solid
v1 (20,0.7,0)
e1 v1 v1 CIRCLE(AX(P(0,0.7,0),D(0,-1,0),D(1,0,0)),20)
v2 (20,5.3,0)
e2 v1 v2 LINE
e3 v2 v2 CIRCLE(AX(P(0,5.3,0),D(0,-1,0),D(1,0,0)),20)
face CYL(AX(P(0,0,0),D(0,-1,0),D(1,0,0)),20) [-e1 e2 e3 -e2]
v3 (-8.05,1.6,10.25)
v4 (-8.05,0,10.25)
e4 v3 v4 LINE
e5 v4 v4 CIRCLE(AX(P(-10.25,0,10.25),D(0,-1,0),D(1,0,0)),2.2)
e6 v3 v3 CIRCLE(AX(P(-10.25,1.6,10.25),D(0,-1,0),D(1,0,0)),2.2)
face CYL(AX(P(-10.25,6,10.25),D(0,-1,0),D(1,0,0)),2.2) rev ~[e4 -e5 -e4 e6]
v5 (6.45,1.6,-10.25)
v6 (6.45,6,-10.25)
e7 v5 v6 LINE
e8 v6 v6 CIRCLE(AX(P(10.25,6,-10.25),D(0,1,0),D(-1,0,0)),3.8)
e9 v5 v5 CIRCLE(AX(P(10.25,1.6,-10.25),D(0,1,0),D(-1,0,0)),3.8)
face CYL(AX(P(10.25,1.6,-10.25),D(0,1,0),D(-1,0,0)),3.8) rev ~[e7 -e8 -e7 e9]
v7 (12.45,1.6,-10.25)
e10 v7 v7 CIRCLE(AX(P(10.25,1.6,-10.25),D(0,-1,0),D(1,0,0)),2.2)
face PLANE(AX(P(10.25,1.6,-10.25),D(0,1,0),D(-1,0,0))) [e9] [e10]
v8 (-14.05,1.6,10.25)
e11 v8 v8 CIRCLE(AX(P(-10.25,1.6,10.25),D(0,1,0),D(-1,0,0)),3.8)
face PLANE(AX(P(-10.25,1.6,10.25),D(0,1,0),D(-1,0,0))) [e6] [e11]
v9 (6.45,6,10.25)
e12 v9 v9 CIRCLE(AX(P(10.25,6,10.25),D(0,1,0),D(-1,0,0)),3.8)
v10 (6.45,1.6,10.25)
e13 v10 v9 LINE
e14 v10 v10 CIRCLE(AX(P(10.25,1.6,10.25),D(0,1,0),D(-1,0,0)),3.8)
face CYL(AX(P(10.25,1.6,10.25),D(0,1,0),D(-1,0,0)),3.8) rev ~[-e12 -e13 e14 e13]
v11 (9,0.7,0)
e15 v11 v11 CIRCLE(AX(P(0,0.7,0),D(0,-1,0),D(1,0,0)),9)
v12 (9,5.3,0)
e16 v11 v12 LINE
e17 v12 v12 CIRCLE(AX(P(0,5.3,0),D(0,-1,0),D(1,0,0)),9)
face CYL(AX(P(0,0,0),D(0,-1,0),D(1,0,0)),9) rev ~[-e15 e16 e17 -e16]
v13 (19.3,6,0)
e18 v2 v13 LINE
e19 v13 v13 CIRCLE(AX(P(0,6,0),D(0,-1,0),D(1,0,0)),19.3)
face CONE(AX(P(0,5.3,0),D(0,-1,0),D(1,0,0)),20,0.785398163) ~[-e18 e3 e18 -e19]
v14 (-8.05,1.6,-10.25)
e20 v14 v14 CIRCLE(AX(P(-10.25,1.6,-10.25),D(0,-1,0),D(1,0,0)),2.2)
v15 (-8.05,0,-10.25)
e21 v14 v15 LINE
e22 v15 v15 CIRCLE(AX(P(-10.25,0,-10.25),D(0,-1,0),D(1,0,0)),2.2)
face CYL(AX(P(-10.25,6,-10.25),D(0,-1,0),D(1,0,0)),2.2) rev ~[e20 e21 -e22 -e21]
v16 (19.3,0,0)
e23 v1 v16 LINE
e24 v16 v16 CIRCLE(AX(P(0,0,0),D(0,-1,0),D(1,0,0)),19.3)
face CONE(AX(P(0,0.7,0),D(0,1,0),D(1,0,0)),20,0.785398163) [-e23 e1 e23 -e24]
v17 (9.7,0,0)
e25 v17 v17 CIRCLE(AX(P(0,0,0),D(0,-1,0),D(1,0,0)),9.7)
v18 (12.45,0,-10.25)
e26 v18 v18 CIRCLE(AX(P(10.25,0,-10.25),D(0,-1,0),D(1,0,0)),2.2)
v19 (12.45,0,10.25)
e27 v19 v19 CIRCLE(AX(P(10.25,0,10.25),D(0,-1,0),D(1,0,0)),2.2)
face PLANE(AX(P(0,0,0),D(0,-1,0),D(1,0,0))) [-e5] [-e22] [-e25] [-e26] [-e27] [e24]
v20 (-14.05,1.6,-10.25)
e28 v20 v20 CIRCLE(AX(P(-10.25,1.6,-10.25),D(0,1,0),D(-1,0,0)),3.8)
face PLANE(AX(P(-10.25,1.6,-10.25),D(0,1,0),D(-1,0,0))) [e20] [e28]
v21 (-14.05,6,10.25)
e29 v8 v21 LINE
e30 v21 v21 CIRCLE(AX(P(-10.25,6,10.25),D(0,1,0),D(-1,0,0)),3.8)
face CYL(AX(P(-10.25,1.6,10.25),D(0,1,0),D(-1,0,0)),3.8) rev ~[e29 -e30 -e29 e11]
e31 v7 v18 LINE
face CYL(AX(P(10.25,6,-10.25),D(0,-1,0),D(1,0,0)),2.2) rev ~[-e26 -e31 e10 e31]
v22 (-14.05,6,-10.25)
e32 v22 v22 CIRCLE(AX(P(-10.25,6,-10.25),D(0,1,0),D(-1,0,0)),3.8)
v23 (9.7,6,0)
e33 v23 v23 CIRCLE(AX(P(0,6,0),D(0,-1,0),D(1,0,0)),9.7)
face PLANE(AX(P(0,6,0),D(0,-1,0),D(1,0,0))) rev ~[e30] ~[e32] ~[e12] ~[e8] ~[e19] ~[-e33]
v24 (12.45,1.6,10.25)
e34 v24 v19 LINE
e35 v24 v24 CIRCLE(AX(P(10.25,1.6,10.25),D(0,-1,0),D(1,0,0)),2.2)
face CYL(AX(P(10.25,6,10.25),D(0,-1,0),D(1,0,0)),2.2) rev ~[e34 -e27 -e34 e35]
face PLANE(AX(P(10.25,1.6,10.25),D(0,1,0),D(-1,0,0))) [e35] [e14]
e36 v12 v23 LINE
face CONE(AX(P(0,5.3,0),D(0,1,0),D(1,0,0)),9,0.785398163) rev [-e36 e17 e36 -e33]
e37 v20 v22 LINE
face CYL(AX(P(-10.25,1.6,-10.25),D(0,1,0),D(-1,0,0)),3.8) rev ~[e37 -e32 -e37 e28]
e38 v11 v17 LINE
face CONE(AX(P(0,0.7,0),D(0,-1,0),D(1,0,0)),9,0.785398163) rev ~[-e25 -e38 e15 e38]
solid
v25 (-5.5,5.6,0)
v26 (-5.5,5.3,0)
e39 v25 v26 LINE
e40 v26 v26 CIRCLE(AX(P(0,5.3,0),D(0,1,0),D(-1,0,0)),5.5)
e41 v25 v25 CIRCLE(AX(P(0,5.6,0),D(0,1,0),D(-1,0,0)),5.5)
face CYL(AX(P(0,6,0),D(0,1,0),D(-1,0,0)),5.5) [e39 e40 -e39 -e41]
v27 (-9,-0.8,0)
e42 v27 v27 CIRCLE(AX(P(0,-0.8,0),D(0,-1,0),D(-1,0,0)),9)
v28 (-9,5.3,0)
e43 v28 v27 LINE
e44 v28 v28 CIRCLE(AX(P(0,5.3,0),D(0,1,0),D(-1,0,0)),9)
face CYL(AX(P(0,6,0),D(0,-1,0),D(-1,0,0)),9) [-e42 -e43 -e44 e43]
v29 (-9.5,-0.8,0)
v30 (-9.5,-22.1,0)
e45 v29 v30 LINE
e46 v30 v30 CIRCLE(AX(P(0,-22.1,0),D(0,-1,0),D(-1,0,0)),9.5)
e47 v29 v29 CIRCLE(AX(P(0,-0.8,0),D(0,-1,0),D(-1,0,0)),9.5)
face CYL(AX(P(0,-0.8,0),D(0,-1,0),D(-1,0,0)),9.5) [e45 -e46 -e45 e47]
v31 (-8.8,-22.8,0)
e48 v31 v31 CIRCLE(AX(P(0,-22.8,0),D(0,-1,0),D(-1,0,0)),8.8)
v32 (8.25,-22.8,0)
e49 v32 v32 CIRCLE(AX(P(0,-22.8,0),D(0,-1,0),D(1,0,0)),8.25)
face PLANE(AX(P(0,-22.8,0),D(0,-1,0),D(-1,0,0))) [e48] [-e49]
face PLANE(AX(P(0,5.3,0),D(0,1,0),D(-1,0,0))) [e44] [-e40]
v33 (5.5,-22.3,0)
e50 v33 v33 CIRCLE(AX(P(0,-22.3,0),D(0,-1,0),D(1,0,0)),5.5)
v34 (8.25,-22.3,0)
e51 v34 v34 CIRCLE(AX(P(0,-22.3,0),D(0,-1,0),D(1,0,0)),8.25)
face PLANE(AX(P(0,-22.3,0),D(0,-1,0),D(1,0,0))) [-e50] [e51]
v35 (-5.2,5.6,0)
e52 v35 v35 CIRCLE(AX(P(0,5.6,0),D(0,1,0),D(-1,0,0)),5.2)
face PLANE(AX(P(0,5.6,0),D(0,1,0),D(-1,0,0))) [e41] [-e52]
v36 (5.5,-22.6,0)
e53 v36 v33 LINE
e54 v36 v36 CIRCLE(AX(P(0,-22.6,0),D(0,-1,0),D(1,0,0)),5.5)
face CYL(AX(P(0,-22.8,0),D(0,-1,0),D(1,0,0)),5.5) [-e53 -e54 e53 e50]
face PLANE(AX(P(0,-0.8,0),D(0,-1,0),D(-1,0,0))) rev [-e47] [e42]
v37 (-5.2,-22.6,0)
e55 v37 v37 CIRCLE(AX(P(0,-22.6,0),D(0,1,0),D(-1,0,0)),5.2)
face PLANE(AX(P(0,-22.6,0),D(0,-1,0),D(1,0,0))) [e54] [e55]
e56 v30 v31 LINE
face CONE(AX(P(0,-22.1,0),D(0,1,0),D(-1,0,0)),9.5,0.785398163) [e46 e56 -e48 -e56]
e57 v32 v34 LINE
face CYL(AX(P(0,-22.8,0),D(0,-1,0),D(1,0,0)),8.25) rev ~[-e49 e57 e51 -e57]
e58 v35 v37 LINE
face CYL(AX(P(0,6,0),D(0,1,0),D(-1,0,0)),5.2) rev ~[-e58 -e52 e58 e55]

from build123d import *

# Parameters (mm, degrees)
F0_R           = 20
F0_R_2         = 9
F1_DEPTH       = 6
F4_SIZE        = 0.7
F6_D           = 4.4
F6_CBORE_D     = 7.6
F6_CBORE_DEPTH = 4.4
F7_SIZE        = 0.7
F8_R           = 9
F8_R_2         = 5.5
F9_DEPTH       = 0.7
F8_R_3         = 5.2
F10_DEPTH      = 0.4
F11_DEPTH      = 28.8
F12_R          = 8.25
F12_R_2        = 5.5
F13_DEPTH      = 0.5
F12_R_3        = 5.2
F14_DEPTH      = 0.2


with BuildPart() as f1:
    # F0 (on Front) → F1 (new body)
    with BuildSketch(Plane.XZ):
        Circle(F0_R)
        Circle(F0_R_2, mode=Mode.SUBTRACT)
    extrude(amount=-F1_DEPTH)

    # F4
    f4_edges = [f1.edges().sort_by_distance(p)[0] for p in [
        (20, 3, 0),
        (-20, 0, 0),
        (-20, 6, 0),
        (9, 3, 0),
        (-9, 0, 0),
        (-9, 6, 0),
    ]]
    chamfer(f4_edges, length=F4_SIZE)

    # F6 (through all)
    with Locations(Plane(origin=(0, 6, 0), x_dir=(-1, 0, 0), z_dir=(0, 1, 0))):
        with Locations((-10.25, 10.25), (10.25, 10.25), (10.25, -10.25), (-10.25, -10.25)):
            CounterBoreHole(F6_D / 2, F6_CBORE_D / 2, F6_CBORE_DEPTH)


with BuildPart() as f3:
    # F2 (on Top) → F3 (revolve)
    with BuildSketch(Plane.XY):
        Polygon((0, -22.8), (0, 6), (-9, 6), (-9, -0.8), (-9.5, -0.8), (-9.5, -22.8), align=None)
    revolve(axis=Axis((0, 15.3594217002, 0), (0, -1, 0)))

    # F7
    f7_edges = [f3.edges().sort_by_distance(p)[0] for p in [
        (9.5, -22.8, 0),
    ]]
    chamfer(f7_edges, length=F7_SIZE)

    # F8 (on face) → F9 (cut)
    with BuildSketch(Plane(origin=(0, 6, 0), x_dir=(-1, 0, 0), z_dir=(0, 1, 0))):
        Circle(F8_R)
        Circle(F8_R_2, mode=Mode.SUBTRACT)
    extrude(amount=-F9_DEPTH, mode=Mode.SUBTRACT)

    # F8 (on face) → F10 (cut)
    with BuildSketch(Plane(origin=(0, 6, 0), x_dir=(-1, 0, 0), z_dir=(0, 1, 0))):
        Circle(F8_R_2)
        Circle(F8_R_3, mode=Mode.SUBTRACT)
    extrude(amount=-F10_DEPTH, mode=Mode.SUBTRACT)

    # F8 (on face) → F11 (cut, through all)
    with BuildSketch(Plane(origin=(0, 6, 0), x_dir=(-1, 0, 0), z_dir=(0, 1, 0))):
        Circle(F8_R_3)
    extrude(amount=-F11_DEPTH, mode=Mode.SUBTRACT)

    # F12 (on face) → F13 (cut)
    with BuildSketch(Plane.XZ.offset(22.8)):
        Circle(F12_R)
        Circle(F12_R_2, mode=Mode.SUBTRACT)
    extrude(amount=-F13_DEPTH, mode=Mode.SUBTRACT)

    # F12 (on face) → F14 (cut)
    with BuildSketch(Plane.XZ.offset(22.8)):
        Circle(F12_R_2)
        Circle(F12_R_3, mode=Mode.SUBTRACT)
    extrude(amount=-F14_DEPTH, mode=Mode.SUBTRACT)


solid = Compound([f1.part, f3.part])
